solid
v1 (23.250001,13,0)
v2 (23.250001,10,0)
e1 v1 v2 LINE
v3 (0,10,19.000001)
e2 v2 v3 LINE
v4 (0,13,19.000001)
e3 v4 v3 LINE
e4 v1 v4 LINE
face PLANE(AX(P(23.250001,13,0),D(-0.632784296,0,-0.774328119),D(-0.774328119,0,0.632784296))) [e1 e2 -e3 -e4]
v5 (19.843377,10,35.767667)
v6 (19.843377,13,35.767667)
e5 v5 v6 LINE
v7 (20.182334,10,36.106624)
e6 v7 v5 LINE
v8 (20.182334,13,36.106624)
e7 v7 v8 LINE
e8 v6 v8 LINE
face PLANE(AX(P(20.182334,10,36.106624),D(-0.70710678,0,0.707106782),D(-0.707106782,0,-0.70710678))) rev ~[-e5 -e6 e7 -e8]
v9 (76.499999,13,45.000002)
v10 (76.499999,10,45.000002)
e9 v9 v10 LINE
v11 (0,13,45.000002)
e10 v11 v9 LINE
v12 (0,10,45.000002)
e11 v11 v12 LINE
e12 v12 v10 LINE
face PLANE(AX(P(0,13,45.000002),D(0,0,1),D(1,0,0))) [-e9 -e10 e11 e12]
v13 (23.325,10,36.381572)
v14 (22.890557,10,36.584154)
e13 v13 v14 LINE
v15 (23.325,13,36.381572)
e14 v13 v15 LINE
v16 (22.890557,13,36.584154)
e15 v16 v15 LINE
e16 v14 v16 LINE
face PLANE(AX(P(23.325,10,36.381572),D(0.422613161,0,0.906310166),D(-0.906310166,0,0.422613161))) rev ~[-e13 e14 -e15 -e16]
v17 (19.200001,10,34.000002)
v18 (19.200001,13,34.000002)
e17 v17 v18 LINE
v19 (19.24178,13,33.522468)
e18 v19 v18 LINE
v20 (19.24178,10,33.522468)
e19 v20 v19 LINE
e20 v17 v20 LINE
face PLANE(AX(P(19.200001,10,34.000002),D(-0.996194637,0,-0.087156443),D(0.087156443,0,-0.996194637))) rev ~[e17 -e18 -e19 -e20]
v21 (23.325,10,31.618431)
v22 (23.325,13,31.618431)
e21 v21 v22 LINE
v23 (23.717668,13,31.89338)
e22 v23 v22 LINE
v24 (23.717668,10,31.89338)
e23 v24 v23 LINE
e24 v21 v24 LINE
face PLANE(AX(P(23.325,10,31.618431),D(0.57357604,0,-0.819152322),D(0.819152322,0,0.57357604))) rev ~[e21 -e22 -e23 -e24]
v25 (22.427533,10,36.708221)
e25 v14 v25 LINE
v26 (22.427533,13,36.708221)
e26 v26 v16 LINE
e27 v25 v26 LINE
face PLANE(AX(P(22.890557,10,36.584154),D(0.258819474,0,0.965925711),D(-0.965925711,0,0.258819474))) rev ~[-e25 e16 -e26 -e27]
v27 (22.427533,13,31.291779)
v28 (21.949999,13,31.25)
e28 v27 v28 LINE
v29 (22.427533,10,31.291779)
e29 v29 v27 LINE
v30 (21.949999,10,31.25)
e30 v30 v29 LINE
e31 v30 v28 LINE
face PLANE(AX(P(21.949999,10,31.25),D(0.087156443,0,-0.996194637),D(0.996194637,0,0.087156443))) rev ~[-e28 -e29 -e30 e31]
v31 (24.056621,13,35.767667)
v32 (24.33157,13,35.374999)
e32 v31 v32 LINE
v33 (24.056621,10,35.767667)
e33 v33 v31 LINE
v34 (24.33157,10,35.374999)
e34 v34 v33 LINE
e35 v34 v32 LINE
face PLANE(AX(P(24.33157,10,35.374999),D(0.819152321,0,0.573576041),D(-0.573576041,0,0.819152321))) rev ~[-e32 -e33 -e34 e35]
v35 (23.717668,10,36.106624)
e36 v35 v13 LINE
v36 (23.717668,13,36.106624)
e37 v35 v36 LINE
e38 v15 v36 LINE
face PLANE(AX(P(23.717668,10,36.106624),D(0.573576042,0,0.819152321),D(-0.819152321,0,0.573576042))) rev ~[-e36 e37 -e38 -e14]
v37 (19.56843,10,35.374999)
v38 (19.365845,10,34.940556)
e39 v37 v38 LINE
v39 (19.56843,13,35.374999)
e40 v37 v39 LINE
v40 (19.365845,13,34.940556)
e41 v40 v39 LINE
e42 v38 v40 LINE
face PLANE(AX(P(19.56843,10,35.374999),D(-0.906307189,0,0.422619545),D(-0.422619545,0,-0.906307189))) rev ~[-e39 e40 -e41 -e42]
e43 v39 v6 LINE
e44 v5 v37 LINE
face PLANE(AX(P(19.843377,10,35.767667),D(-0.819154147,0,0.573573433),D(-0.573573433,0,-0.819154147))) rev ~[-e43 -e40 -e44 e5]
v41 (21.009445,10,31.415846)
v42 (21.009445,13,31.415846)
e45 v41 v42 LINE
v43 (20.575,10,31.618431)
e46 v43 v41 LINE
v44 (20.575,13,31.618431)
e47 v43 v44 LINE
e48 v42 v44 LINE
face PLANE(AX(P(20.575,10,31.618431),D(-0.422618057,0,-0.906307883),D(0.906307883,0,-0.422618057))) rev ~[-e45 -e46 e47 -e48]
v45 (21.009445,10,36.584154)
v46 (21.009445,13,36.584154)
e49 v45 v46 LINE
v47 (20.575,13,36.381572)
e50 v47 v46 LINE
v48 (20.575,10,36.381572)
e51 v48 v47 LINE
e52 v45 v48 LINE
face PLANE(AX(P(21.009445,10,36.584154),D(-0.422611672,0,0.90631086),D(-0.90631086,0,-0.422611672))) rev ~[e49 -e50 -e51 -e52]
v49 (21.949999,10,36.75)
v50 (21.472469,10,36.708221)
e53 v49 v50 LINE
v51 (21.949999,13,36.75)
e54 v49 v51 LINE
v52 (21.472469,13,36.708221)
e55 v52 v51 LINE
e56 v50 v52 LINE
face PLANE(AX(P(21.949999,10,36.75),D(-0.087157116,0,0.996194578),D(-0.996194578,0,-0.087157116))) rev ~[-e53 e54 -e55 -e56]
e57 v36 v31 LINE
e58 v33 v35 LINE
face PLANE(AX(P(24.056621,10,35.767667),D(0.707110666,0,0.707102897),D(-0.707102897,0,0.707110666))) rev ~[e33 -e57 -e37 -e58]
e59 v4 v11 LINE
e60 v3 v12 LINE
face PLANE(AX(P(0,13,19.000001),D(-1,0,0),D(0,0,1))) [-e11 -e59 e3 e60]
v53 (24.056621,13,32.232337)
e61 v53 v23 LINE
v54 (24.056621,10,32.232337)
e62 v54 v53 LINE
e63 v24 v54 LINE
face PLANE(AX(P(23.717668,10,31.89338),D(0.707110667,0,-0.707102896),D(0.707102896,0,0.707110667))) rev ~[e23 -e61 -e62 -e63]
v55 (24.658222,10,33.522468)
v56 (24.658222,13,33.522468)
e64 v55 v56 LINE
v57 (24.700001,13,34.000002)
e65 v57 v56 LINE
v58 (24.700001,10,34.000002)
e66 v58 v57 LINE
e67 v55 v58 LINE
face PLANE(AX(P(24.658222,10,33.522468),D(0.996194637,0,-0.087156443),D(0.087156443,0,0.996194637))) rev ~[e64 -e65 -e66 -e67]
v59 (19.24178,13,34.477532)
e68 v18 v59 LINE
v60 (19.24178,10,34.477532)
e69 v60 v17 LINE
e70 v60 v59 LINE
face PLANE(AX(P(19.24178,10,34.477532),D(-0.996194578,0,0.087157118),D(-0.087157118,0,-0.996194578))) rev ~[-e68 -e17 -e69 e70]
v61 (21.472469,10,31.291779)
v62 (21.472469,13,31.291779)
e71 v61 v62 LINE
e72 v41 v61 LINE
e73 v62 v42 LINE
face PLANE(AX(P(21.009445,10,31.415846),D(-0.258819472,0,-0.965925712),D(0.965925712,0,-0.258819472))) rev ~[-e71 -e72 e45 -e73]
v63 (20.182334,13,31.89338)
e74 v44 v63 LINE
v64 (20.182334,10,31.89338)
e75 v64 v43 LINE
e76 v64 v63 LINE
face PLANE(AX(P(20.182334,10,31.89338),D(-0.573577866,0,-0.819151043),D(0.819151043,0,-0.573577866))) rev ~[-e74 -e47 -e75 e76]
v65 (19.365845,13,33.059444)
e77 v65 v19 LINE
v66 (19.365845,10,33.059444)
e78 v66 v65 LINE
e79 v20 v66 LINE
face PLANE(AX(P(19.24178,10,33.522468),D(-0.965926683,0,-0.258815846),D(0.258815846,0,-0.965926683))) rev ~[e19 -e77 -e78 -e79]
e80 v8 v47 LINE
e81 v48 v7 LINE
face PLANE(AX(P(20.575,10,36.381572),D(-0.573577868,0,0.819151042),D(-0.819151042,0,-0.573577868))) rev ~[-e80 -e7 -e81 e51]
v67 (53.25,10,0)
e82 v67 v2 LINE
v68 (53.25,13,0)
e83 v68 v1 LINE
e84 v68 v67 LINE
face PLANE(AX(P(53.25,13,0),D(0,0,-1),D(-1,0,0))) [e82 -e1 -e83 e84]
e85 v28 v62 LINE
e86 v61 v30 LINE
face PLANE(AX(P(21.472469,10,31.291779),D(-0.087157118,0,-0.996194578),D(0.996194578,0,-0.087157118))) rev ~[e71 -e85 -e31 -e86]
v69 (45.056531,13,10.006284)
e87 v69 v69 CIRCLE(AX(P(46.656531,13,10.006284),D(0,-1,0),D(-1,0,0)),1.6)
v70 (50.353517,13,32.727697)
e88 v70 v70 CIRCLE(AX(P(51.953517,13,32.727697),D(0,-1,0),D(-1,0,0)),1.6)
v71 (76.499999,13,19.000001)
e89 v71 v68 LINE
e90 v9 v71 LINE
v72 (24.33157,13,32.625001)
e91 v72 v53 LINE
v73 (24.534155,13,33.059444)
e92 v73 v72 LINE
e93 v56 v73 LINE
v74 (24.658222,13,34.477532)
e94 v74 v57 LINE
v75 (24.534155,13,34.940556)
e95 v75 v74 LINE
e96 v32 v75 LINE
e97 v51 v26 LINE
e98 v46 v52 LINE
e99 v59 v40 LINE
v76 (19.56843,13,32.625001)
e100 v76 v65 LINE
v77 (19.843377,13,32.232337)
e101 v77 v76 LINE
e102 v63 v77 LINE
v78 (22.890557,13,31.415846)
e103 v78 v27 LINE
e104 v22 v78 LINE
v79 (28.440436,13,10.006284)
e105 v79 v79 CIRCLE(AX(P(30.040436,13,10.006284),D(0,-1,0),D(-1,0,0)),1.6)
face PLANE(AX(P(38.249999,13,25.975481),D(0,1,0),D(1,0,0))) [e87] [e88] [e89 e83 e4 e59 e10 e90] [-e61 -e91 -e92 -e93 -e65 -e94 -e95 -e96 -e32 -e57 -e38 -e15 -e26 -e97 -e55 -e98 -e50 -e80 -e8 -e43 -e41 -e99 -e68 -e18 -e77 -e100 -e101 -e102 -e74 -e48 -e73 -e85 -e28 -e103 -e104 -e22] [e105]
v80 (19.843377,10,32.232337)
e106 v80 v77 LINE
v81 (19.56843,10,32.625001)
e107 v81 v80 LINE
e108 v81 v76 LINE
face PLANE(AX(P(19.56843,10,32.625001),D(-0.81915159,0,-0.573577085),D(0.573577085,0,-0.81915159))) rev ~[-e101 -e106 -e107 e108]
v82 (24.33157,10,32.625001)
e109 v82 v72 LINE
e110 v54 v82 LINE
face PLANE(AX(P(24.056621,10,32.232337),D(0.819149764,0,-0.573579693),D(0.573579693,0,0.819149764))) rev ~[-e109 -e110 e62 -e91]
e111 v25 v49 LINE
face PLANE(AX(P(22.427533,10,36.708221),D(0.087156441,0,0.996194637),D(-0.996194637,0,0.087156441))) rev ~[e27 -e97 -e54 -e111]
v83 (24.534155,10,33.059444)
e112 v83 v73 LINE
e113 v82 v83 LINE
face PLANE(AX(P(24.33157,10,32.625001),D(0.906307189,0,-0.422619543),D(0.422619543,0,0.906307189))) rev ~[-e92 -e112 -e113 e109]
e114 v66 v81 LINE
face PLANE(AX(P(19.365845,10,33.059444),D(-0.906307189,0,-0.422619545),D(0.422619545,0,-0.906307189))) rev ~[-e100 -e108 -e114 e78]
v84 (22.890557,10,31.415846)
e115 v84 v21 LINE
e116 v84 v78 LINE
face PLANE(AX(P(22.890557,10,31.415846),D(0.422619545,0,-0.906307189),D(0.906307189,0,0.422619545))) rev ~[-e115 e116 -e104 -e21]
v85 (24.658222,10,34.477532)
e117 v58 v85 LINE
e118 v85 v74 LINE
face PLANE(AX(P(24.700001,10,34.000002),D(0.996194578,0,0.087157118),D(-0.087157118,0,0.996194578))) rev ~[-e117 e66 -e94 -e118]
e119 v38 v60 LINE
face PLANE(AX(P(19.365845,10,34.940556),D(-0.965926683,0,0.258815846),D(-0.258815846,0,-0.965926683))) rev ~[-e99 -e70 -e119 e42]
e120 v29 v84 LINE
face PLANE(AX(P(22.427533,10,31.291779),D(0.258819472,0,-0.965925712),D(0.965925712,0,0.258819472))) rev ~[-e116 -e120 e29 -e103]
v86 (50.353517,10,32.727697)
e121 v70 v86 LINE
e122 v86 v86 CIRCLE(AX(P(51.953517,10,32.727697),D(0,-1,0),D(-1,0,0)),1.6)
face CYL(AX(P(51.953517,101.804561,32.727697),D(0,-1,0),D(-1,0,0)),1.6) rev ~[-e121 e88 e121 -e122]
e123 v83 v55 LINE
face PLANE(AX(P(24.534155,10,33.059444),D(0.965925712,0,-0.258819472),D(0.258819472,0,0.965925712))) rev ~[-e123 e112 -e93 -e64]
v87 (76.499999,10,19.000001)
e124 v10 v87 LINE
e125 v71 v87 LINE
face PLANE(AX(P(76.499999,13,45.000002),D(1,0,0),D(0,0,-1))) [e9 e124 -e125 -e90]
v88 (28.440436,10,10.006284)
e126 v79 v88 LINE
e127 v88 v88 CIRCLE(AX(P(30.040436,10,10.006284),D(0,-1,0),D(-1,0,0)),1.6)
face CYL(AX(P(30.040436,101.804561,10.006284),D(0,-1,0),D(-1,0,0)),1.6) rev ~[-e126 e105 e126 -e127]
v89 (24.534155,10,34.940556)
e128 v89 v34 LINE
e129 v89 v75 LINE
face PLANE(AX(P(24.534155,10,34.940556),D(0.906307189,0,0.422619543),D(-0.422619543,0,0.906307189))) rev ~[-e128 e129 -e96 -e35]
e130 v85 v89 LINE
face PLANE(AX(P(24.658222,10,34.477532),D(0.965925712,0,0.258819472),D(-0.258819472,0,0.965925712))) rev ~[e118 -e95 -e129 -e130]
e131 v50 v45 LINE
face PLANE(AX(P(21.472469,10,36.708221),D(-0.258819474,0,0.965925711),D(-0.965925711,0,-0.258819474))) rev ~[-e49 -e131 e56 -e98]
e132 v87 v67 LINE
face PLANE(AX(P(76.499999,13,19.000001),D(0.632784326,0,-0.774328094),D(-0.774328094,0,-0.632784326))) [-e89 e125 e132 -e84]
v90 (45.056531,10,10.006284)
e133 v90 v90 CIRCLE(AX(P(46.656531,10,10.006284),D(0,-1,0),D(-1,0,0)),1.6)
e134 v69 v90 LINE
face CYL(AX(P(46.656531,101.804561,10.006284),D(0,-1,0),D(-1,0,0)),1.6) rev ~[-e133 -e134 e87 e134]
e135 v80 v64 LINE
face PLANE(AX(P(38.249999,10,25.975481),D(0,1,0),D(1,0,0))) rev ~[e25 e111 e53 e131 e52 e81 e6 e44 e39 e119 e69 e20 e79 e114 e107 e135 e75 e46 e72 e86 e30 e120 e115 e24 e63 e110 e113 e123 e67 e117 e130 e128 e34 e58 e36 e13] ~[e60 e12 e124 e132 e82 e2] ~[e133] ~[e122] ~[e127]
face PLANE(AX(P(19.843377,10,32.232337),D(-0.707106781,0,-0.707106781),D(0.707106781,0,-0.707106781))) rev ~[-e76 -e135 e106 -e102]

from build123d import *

# Parameters (mm, degrees)
BOSS_EXTRUDE1_DEPTH  = 3.000000492
CUT_EXTRUDE1_DEPTH   = 4.000000492
BOSS_EXTRUDE3_DEPTH  = 4.999998957
SKETCH14_R           = 2.583283714
CUT_EXTRUDE6_DEPTH   = 8
M3_CLEARANCE_HOLE2_D = 3.2
M3_CLEARANCE_HOLE3_D = 3.2


with BuildPart() as part:
    # Sketch1 → Boss-Extrude1 (new body)
    with BuildSketch(Plane(origin=(0, 13.000000268, 0), x_dir=(1, 0, 0), z_dir=(0, 1, 0))):
        Polygon((0, -45.000001788), (76.499998569, -45.000001788), (76.499998569, -19.000001252), (53.249999881, 0), (23.250000551, 0), (0, -19.000001252), align=None)
    extrude(amount=-BOSS_EXTRUDE1_DEPTH)

    # Sketch2 → Cut-Extrude1 (cut, through all)
    with BuildSketch(Plane.XZ.offset(-9.999999776)):
        Polygon((24.331569672, 35.374999046), (24.056620896, 35.767666996), (23.717667907, 36.106623709), (23.324999958, 36.381572485), (22.890556604, 36.584153771), (22.427532822, 36.70822084), (21.949999034, 36.74999997), (21.472468972, 36.70822084), (21.00944519, 36.584153771), (20.574999973, 36.381572485), (20.182333887, 36.106623709), (19.843377173, 35.767666996), (19.56843026, 35.374999046), (19.365845248, 34.940555692), (19.241780043, 34.47753191), (19.200000912, 34.000001848), (19.241780043, 33.52246806), (19.365845248, 33.059444278), (19.56843026, 32.625000924), (19.843377173, 32.2323367), (20.182333887, 31.893379986), (20.574999973, 31.618431211), (21.00944519, 31.415846199), (21.472468972, 31.291779131), (21.949999034, 31.25), (22.427532822, 31.291779131), (22.890556604, 31.415846199), (23.324999958, 31.618431211), (23.717667907, 31.893379986), (24.056620896, 32.2323367), (24.331569672, 32.625000924), (24.534154683, 33.059444278), (24.658221751, 33.52246806), (24.700000882, 34.000001848), (24.658221751, 34.47753191), (24.534154683, 34.940555692), align=None)
    extrude(amount=-CUT_EXTRUDE1_DEPTH, mode=Mode.SUBTRACT)

    # Sketch4 → Boss-Extrude3 (add)
    with BuildSketch(Plane(origin=(0, 13.000000268, 0), x_dir=(-1, 0, 0), z_dir=(0, 1, 0))):
        Polygon((-41.949994862, 10.347297415), (-41.919611394, 9.999999776), (-41.949994862, 9.652704), (-42.040225118, 9.315960109), (-42.18756035, 9.000001475), (-42.387522757, 8.714426309), (-42.634036392, 8.467912674), (-42.919609696, 8.267950267), (-43.235570192, 8.120615035), (-43.572314084, 8.030384779), (-43.919611722, 8.000001311), (-44.266905636, 8.030384779), (-44.603649527, 8.120615035), (-44.919610023, 8.267950267), (-45.205187052, 8.467912674), (-45.451700687, 8.714426309), (-45.651663095, 9.000001475), (-45.798994601, 9.315960109), (-45.889224857, 9.652704), (-45.91961205, 9.999999776), (-45.889224857, 10.347297415), (-45.798994601, 10.684041306), (-45.651663095, 10.99999994), (-45.451700687, 11.285575107), (-45.205187052, 11.532089673), (-44.919610023, 11.732051149), (-44.603649527, 11.87938638), (-44.266905636, 11.969616637), (-43.919611722, 12.000001036), (-43.572314084, 11.969616637), (-43.235570192, 11.87938638), (-42.919609696, 11.732051149), (-42.634036392, 11.532089673), (-42.387522757, 11.285575107), (-42.18756035, 10.99999994), (-42.040225118, 10.684041306), align=None)
    extrude(amount=BOSS_EXTRUDE3_DEPTH)

    # Sketch14 → Cut-Extrude6 (cut)
    with BuildSketch(Plane(origin=(0, 13.000000268, 0), x_dir=(1, 0, 0), z_dir=(0, 1, 0))):
        with Locations((43.972754788, -10.139500391)):
            Circle(SKETCH14_R)
    extrude(amount=CUT_EXTRUDE6_DEPTH, mode=Mode.SUBTRACT)

    # M3 Clearance Hole2 (through all)
    with Locations(Plane(origin=(0, 13.000000268, 0), x_dir=(1, 0, 0), z_dir=(0, 1, 0))):
        with Locations((30.040436258, -10.00628369), (46.656531008, -10.00628369)):
            Hole(M3_CLEARANCE_HOLE2_D / 2)

    # M3 Clearance Hole3 (through all)
    with Locations(Plane(origin=(0, 13.000000268, 0), x_dir=(1, 0, 0), z_dir=(0, 1, 0))):
        with Locations((51.953516863, -32.727697483)):
            Hole(M3_CLEARANCE_HOLE3_D / 2)


solid = part.part
